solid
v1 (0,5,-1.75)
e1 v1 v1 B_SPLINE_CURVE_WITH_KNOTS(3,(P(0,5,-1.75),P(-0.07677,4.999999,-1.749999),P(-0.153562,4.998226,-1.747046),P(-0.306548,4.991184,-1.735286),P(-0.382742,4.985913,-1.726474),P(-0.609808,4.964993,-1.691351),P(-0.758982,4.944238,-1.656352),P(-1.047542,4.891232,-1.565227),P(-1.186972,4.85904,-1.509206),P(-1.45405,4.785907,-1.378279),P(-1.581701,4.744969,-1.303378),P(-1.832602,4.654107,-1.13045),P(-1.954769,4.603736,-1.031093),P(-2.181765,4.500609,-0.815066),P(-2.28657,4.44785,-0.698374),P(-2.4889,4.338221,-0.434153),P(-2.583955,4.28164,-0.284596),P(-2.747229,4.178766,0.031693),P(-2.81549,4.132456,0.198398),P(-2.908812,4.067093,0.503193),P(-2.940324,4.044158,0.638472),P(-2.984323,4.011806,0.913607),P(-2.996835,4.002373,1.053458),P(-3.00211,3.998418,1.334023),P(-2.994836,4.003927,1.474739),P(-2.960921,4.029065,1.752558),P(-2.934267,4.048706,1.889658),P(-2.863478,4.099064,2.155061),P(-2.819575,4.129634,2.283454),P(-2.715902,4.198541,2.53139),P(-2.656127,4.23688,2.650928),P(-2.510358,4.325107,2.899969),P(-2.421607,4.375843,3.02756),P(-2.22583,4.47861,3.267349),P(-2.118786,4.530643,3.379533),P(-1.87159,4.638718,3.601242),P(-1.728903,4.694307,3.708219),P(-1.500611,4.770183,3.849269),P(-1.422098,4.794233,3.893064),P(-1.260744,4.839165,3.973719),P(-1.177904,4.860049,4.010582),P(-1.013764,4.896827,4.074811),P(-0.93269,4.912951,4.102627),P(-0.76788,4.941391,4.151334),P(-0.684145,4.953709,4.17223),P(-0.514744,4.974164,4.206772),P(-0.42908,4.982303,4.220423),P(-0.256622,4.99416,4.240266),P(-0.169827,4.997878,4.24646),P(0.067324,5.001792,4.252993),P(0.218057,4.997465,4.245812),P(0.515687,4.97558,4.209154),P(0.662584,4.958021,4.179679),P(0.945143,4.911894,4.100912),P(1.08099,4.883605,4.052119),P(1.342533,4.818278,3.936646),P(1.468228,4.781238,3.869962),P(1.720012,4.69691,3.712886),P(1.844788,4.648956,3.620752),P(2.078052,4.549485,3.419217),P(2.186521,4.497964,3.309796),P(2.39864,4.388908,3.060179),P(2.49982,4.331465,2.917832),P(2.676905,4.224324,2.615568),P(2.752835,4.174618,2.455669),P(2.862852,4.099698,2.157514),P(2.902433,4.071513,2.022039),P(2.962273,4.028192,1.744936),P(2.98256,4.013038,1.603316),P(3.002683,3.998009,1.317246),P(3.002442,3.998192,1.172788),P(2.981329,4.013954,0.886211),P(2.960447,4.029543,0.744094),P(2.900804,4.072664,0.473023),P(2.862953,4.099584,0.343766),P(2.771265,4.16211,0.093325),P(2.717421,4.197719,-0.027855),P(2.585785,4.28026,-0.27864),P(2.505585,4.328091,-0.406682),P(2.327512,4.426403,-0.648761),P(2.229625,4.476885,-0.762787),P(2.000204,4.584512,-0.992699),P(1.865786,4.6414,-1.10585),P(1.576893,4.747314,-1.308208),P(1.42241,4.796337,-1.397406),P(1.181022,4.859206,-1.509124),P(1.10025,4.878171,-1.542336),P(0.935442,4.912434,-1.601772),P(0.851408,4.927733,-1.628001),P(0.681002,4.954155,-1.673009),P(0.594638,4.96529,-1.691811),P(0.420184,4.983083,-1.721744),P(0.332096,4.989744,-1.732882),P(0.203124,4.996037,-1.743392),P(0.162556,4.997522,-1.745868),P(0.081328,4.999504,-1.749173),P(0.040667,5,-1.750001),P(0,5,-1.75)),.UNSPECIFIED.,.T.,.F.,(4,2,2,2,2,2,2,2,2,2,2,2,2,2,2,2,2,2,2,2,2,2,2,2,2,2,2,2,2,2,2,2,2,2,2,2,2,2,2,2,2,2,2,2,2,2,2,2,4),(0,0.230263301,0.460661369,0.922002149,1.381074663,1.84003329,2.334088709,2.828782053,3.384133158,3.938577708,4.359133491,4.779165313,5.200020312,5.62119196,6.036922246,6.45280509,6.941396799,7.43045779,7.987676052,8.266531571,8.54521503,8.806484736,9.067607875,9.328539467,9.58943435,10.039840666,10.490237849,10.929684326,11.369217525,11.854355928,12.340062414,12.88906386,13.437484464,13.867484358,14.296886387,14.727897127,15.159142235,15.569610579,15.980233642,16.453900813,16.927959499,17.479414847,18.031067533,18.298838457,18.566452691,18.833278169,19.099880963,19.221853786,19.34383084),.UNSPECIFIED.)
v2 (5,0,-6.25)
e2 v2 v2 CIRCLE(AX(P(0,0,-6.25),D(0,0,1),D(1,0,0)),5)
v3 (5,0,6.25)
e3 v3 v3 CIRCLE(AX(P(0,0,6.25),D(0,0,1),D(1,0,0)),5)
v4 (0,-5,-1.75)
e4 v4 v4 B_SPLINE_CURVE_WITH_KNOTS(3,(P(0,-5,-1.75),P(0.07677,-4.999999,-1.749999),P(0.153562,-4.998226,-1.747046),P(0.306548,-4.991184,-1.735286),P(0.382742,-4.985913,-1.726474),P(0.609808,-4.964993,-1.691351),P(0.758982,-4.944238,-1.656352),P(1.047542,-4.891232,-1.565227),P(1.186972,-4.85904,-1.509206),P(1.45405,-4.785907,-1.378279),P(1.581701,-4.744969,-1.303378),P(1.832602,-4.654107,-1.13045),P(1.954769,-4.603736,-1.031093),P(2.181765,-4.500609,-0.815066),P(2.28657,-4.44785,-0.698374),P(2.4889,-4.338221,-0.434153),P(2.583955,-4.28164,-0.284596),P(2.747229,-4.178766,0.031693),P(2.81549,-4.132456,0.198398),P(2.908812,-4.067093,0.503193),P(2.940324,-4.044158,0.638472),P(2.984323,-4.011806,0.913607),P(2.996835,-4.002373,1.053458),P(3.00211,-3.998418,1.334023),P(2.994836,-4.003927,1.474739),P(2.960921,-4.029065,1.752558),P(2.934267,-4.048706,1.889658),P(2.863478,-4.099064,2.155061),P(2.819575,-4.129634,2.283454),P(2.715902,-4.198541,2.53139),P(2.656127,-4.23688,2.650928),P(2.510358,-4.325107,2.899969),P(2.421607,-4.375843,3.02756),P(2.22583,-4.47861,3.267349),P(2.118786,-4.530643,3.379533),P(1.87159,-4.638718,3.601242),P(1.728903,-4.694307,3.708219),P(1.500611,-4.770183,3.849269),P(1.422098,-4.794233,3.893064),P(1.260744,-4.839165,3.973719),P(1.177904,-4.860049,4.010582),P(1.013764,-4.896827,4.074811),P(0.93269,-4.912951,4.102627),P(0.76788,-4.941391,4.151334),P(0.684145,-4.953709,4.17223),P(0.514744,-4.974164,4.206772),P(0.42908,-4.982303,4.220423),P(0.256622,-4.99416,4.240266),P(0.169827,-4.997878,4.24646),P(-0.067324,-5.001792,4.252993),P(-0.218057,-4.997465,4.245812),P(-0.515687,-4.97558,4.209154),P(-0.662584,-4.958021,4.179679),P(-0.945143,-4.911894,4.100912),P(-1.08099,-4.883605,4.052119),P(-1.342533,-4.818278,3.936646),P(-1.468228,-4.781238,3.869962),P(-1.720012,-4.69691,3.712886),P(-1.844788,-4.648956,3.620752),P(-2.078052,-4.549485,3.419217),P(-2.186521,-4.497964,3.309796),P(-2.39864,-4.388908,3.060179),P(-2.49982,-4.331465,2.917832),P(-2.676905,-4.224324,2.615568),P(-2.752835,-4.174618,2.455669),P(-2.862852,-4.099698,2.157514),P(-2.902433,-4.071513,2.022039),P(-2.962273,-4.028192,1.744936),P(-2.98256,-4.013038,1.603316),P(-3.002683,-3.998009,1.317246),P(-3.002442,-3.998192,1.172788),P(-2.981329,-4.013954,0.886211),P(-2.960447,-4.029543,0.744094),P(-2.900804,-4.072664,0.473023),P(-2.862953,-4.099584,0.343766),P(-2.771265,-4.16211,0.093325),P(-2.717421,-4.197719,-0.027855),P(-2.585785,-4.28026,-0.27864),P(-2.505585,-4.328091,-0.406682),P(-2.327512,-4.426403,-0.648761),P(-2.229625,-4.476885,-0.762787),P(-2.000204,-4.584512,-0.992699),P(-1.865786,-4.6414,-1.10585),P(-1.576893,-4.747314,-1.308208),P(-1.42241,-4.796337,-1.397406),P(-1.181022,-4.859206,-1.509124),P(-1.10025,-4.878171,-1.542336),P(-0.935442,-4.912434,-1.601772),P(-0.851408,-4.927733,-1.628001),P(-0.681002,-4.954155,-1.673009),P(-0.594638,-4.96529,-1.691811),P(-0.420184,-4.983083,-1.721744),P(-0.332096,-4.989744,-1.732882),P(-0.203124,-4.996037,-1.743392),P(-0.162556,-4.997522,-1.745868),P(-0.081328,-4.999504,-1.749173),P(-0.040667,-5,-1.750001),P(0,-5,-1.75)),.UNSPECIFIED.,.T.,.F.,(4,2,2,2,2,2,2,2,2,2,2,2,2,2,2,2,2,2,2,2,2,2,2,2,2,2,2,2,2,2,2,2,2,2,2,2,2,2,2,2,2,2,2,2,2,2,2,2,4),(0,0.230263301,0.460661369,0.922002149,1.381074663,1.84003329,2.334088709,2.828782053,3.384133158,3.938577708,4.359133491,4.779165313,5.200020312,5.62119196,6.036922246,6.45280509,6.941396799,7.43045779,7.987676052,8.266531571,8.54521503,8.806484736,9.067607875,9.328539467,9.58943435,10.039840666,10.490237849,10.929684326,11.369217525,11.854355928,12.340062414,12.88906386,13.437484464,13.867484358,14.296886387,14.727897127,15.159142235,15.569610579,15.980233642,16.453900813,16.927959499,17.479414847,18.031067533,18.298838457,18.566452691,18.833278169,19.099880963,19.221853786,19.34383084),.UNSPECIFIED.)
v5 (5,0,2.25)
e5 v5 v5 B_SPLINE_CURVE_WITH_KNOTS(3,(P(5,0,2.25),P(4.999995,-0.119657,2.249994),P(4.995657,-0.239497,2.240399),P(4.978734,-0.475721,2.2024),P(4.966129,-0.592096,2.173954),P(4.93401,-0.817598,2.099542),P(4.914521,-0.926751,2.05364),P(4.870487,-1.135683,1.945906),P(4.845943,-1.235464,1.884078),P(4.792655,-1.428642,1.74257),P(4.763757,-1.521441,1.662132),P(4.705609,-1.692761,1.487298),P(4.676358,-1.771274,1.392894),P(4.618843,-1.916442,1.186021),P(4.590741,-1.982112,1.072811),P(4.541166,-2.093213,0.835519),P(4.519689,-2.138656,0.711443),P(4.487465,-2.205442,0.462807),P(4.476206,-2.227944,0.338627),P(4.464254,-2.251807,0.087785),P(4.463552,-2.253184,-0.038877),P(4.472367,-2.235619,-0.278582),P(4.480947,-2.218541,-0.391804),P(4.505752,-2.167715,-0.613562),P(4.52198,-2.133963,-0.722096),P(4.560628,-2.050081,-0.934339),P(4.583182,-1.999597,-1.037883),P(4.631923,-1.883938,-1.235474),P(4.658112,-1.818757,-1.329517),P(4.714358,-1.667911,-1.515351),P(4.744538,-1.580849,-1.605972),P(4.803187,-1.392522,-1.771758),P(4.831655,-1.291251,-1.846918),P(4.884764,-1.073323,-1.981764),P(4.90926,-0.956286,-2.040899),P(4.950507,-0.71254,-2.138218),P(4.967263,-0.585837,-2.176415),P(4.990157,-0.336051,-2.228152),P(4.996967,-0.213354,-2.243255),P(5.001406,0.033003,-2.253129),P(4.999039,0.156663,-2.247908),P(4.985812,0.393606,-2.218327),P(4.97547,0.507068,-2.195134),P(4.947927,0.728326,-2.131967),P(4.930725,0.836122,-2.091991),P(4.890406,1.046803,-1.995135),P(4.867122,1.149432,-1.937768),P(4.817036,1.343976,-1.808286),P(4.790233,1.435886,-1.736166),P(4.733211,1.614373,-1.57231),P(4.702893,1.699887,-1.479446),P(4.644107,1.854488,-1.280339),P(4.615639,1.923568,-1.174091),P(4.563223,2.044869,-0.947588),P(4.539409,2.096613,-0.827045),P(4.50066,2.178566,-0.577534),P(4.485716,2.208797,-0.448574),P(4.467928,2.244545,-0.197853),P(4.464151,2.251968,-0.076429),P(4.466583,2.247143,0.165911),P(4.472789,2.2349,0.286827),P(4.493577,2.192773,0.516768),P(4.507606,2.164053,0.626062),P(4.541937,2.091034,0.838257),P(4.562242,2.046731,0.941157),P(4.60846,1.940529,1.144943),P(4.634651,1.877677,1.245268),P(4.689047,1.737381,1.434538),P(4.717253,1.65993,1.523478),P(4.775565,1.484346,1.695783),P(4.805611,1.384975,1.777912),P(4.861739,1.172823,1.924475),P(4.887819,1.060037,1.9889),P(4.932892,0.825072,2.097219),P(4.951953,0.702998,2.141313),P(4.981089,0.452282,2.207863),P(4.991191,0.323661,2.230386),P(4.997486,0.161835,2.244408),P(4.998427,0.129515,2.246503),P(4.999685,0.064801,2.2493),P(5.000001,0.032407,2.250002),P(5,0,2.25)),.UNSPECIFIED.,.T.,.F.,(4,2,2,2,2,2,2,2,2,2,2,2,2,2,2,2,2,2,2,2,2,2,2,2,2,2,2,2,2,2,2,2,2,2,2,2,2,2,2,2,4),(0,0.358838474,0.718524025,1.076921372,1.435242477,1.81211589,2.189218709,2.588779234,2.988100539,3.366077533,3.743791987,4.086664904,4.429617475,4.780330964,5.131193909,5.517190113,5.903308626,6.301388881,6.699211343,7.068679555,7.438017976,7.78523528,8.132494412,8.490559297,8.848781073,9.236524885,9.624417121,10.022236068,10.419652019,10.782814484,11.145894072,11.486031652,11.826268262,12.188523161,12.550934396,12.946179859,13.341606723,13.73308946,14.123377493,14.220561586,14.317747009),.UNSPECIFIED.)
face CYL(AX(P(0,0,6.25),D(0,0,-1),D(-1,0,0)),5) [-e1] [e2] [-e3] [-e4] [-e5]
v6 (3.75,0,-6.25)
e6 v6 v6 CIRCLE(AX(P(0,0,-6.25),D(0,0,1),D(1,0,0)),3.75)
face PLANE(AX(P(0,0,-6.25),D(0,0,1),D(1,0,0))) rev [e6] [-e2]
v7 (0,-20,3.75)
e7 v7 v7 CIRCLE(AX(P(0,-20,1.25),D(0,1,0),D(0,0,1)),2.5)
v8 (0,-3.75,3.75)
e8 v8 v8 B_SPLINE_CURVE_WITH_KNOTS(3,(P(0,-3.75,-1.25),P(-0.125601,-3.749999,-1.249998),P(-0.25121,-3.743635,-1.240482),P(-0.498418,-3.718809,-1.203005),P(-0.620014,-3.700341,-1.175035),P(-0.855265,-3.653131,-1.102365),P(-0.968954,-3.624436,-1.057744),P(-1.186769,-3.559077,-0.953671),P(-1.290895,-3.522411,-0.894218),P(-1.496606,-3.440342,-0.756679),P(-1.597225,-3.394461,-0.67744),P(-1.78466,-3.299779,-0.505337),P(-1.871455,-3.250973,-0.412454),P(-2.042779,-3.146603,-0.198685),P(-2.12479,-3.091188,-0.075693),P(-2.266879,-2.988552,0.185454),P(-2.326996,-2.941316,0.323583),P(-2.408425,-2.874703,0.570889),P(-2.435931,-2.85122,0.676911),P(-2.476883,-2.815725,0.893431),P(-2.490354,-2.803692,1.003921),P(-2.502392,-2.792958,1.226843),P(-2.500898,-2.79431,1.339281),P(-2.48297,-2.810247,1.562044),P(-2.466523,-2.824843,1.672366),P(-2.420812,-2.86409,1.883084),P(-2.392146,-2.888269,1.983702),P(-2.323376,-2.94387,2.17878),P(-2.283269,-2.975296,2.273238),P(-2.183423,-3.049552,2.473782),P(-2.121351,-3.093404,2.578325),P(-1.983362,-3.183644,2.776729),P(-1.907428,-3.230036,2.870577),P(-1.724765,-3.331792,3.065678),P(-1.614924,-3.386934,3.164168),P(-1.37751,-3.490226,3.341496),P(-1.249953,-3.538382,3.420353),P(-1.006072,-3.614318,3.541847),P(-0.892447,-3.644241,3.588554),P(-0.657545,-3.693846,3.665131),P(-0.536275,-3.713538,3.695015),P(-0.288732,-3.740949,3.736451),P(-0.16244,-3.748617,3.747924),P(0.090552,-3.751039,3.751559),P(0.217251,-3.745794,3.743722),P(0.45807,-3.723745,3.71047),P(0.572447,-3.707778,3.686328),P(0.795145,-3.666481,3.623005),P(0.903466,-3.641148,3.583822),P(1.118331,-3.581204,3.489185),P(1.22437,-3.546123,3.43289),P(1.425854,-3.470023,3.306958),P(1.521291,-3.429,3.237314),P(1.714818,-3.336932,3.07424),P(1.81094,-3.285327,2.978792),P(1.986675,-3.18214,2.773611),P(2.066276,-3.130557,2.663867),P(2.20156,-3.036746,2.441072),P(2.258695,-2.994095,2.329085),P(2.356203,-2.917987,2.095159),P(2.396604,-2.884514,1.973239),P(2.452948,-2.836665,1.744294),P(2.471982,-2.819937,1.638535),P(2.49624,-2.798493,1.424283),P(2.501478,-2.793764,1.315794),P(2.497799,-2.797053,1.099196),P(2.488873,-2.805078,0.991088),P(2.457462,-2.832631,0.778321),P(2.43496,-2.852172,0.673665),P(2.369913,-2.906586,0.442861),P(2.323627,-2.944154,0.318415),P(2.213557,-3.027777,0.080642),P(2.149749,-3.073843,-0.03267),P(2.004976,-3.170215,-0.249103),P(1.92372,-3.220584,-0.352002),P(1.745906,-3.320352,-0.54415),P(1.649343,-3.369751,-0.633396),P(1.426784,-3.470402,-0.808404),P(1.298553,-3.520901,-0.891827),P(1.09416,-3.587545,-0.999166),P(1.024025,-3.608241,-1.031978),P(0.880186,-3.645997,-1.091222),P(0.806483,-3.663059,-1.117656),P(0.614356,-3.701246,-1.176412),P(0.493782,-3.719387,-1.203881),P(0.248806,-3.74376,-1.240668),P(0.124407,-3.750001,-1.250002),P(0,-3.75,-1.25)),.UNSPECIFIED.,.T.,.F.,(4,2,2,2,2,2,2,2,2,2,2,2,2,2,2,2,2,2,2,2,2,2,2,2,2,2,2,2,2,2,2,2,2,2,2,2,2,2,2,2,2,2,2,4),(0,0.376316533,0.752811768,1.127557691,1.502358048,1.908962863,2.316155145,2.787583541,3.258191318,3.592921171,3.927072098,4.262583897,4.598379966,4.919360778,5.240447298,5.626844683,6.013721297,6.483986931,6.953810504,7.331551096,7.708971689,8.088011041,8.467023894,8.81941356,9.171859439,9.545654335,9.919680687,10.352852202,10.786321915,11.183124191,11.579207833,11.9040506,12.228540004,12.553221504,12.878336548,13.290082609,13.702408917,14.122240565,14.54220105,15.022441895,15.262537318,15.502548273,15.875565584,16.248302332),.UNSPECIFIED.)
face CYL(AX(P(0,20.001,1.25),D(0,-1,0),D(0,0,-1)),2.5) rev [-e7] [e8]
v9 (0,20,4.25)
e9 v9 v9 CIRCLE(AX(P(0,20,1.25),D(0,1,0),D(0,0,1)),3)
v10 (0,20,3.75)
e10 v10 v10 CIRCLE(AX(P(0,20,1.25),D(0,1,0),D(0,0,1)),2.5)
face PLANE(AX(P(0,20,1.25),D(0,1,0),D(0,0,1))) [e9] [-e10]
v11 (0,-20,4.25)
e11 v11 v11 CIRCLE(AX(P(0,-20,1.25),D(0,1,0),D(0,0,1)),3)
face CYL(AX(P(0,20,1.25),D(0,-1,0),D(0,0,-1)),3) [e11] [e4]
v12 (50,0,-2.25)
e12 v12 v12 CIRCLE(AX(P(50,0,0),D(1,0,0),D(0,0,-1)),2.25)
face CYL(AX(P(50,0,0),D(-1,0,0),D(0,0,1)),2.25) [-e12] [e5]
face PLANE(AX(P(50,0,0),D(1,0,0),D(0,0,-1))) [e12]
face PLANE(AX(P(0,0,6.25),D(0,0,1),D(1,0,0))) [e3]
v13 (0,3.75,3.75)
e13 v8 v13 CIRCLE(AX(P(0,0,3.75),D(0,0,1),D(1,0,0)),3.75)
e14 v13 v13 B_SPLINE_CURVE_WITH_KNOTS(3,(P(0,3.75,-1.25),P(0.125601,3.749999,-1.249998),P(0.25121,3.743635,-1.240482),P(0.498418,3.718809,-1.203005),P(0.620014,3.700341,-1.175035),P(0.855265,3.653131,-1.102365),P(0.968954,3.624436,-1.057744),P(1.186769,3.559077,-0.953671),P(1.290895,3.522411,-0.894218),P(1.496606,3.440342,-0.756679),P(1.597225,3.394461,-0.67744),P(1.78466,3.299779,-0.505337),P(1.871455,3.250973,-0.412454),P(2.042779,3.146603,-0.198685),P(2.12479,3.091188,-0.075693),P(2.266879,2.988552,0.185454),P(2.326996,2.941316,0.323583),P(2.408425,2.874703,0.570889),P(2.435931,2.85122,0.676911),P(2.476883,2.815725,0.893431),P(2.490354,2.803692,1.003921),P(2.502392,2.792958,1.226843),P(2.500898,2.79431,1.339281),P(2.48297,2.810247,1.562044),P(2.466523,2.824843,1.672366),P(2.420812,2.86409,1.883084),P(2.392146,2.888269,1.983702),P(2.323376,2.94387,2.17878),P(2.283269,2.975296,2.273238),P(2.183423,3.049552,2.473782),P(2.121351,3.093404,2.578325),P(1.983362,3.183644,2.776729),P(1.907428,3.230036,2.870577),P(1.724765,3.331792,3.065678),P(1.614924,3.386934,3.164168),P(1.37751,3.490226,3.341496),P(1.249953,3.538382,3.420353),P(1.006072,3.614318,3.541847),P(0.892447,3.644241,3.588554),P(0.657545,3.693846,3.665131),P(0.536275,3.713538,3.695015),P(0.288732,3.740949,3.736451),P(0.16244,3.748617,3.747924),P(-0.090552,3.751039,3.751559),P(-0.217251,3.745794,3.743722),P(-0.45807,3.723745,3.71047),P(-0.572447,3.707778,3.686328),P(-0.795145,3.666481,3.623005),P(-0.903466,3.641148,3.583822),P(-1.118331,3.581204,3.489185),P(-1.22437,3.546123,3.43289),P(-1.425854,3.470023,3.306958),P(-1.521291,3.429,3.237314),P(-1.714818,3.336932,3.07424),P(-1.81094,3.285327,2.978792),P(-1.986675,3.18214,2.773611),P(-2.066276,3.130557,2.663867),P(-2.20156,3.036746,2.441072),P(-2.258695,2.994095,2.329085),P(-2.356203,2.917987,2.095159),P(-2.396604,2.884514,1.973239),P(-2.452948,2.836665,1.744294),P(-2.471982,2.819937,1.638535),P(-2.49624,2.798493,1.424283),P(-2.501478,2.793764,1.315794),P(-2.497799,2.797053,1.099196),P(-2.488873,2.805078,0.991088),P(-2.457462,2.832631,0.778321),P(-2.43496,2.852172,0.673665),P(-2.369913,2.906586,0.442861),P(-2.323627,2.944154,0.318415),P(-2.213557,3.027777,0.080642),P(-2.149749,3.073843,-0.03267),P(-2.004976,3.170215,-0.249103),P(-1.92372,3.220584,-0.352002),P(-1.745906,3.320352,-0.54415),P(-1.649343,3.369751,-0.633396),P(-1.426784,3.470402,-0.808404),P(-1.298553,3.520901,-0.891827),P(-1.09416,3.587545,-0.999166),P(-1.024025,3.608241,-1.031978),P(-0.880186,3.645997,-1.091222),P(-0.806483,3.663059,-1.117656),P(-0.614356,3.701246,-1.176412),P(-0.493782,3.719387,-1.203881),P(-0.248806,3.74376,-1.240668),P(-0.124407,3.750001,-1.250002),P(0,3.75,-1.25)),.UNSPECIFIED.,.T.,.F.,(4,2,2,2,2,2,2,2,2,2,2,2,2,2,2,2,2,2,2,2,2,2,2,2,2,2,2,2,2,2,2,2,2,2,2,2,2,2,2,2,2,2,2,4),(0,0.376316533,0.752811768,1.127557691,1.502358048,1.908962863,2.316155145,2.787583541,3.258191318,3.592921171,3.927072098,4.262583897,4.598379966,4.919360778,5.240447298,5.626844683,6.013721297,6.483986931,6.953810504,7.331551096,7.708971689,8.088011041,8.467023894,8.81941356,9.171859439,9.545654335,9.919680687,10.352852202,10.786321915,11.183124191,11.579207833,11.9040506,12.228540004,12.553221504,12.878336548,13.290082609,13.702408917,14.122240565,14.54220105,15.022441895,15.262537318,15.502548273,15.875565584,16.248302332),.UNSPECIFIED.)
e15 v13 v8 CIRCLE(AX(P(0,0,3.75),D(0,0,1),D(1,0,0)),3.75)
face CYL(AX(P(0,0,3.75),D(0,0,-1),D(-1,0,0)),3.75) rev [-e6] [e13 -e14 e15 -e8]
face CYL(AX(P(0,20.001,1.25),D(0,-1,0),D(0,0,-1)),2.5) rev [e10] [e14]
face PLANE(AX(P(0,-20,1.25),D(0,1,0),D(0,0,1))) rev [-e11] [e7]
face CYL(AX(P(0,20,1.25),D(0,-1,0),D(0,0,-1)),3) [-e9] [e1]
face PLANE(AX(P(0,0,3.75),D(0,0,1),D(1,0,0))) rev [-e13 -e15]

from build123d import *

# Parameters (mm, degrees)
SKETCH1_R           = 5
BOSS_EXTRUDE1_DEPTH = 6.25
SKETCH2_R           = 3
BOSS_EXTRUDE2_DEPTH = 20
SKETCH3_R           = 2.25
BOSS_EXTRUDE3_DEPTH = 50
SKETCH4_R           = 2.5
CUT_EXTRUDE1_DEPTH  = 40
CUT_EXTRUDE2_START  = -12.5
SKETCH5_R           = 3.75
CUT_EXTRUDE2_DEPTH  = 10


with BuildPart() as part:
    # Sketch1 → Boss-Extrude1 (new body, symmetric)
    with BuildSketch(Plane.XY):
        Circle(SKETCH1_R)
    extrude(amount=BOSS_EXTRUDE1_DEPTH, both=True)

    # Sketch2 → Boss-Extrude2 (add, symmetric)
    with BuildSketch(Plane(origin=(0, 0, 0), x_dir=(1, 0, 0), z_dir=(0, 1, 0))):
        with Locations((0, -1.25)):
            Circle(SKETCH2_R)
    extrude(amount=BOSS_EXTRUDE2_DEPTH, both=True)

    # Sketch3 → Boss-Extrude3 (add)
    with BuildSketch(Plane(origin=(0, 0, 0), x_dir=(0, 0, -1), z_dir=(1, 0, 0))):
        Circle(SKETCH3_R)
    extrude(amount=BOSS_EXTRUDE3_DEPTH)

    # Sketch4 → Cut-Extrude1 (cut)
    with BuildSketch(Plane.XZ.offset(20)):
        with Locations((0, 1.25)):
            Circle(SKETCH4_R)
    extrude(amount=-CUT_EXTRUDE1_DEPTH, mode=Mode.SUBTRACT)

    # Sketch5 → Cut-Extrude2 (cut)
    with BuildSketch(Plane.XY.offset(6.25).offset(CUT_EXTRUDE2_START)):
        Circle(SKETCH5_R)
    extrude(amount=CUT_EXTRUDE2_DEPTH, mode=Mode.SUBTRACT)


solid = part.part
